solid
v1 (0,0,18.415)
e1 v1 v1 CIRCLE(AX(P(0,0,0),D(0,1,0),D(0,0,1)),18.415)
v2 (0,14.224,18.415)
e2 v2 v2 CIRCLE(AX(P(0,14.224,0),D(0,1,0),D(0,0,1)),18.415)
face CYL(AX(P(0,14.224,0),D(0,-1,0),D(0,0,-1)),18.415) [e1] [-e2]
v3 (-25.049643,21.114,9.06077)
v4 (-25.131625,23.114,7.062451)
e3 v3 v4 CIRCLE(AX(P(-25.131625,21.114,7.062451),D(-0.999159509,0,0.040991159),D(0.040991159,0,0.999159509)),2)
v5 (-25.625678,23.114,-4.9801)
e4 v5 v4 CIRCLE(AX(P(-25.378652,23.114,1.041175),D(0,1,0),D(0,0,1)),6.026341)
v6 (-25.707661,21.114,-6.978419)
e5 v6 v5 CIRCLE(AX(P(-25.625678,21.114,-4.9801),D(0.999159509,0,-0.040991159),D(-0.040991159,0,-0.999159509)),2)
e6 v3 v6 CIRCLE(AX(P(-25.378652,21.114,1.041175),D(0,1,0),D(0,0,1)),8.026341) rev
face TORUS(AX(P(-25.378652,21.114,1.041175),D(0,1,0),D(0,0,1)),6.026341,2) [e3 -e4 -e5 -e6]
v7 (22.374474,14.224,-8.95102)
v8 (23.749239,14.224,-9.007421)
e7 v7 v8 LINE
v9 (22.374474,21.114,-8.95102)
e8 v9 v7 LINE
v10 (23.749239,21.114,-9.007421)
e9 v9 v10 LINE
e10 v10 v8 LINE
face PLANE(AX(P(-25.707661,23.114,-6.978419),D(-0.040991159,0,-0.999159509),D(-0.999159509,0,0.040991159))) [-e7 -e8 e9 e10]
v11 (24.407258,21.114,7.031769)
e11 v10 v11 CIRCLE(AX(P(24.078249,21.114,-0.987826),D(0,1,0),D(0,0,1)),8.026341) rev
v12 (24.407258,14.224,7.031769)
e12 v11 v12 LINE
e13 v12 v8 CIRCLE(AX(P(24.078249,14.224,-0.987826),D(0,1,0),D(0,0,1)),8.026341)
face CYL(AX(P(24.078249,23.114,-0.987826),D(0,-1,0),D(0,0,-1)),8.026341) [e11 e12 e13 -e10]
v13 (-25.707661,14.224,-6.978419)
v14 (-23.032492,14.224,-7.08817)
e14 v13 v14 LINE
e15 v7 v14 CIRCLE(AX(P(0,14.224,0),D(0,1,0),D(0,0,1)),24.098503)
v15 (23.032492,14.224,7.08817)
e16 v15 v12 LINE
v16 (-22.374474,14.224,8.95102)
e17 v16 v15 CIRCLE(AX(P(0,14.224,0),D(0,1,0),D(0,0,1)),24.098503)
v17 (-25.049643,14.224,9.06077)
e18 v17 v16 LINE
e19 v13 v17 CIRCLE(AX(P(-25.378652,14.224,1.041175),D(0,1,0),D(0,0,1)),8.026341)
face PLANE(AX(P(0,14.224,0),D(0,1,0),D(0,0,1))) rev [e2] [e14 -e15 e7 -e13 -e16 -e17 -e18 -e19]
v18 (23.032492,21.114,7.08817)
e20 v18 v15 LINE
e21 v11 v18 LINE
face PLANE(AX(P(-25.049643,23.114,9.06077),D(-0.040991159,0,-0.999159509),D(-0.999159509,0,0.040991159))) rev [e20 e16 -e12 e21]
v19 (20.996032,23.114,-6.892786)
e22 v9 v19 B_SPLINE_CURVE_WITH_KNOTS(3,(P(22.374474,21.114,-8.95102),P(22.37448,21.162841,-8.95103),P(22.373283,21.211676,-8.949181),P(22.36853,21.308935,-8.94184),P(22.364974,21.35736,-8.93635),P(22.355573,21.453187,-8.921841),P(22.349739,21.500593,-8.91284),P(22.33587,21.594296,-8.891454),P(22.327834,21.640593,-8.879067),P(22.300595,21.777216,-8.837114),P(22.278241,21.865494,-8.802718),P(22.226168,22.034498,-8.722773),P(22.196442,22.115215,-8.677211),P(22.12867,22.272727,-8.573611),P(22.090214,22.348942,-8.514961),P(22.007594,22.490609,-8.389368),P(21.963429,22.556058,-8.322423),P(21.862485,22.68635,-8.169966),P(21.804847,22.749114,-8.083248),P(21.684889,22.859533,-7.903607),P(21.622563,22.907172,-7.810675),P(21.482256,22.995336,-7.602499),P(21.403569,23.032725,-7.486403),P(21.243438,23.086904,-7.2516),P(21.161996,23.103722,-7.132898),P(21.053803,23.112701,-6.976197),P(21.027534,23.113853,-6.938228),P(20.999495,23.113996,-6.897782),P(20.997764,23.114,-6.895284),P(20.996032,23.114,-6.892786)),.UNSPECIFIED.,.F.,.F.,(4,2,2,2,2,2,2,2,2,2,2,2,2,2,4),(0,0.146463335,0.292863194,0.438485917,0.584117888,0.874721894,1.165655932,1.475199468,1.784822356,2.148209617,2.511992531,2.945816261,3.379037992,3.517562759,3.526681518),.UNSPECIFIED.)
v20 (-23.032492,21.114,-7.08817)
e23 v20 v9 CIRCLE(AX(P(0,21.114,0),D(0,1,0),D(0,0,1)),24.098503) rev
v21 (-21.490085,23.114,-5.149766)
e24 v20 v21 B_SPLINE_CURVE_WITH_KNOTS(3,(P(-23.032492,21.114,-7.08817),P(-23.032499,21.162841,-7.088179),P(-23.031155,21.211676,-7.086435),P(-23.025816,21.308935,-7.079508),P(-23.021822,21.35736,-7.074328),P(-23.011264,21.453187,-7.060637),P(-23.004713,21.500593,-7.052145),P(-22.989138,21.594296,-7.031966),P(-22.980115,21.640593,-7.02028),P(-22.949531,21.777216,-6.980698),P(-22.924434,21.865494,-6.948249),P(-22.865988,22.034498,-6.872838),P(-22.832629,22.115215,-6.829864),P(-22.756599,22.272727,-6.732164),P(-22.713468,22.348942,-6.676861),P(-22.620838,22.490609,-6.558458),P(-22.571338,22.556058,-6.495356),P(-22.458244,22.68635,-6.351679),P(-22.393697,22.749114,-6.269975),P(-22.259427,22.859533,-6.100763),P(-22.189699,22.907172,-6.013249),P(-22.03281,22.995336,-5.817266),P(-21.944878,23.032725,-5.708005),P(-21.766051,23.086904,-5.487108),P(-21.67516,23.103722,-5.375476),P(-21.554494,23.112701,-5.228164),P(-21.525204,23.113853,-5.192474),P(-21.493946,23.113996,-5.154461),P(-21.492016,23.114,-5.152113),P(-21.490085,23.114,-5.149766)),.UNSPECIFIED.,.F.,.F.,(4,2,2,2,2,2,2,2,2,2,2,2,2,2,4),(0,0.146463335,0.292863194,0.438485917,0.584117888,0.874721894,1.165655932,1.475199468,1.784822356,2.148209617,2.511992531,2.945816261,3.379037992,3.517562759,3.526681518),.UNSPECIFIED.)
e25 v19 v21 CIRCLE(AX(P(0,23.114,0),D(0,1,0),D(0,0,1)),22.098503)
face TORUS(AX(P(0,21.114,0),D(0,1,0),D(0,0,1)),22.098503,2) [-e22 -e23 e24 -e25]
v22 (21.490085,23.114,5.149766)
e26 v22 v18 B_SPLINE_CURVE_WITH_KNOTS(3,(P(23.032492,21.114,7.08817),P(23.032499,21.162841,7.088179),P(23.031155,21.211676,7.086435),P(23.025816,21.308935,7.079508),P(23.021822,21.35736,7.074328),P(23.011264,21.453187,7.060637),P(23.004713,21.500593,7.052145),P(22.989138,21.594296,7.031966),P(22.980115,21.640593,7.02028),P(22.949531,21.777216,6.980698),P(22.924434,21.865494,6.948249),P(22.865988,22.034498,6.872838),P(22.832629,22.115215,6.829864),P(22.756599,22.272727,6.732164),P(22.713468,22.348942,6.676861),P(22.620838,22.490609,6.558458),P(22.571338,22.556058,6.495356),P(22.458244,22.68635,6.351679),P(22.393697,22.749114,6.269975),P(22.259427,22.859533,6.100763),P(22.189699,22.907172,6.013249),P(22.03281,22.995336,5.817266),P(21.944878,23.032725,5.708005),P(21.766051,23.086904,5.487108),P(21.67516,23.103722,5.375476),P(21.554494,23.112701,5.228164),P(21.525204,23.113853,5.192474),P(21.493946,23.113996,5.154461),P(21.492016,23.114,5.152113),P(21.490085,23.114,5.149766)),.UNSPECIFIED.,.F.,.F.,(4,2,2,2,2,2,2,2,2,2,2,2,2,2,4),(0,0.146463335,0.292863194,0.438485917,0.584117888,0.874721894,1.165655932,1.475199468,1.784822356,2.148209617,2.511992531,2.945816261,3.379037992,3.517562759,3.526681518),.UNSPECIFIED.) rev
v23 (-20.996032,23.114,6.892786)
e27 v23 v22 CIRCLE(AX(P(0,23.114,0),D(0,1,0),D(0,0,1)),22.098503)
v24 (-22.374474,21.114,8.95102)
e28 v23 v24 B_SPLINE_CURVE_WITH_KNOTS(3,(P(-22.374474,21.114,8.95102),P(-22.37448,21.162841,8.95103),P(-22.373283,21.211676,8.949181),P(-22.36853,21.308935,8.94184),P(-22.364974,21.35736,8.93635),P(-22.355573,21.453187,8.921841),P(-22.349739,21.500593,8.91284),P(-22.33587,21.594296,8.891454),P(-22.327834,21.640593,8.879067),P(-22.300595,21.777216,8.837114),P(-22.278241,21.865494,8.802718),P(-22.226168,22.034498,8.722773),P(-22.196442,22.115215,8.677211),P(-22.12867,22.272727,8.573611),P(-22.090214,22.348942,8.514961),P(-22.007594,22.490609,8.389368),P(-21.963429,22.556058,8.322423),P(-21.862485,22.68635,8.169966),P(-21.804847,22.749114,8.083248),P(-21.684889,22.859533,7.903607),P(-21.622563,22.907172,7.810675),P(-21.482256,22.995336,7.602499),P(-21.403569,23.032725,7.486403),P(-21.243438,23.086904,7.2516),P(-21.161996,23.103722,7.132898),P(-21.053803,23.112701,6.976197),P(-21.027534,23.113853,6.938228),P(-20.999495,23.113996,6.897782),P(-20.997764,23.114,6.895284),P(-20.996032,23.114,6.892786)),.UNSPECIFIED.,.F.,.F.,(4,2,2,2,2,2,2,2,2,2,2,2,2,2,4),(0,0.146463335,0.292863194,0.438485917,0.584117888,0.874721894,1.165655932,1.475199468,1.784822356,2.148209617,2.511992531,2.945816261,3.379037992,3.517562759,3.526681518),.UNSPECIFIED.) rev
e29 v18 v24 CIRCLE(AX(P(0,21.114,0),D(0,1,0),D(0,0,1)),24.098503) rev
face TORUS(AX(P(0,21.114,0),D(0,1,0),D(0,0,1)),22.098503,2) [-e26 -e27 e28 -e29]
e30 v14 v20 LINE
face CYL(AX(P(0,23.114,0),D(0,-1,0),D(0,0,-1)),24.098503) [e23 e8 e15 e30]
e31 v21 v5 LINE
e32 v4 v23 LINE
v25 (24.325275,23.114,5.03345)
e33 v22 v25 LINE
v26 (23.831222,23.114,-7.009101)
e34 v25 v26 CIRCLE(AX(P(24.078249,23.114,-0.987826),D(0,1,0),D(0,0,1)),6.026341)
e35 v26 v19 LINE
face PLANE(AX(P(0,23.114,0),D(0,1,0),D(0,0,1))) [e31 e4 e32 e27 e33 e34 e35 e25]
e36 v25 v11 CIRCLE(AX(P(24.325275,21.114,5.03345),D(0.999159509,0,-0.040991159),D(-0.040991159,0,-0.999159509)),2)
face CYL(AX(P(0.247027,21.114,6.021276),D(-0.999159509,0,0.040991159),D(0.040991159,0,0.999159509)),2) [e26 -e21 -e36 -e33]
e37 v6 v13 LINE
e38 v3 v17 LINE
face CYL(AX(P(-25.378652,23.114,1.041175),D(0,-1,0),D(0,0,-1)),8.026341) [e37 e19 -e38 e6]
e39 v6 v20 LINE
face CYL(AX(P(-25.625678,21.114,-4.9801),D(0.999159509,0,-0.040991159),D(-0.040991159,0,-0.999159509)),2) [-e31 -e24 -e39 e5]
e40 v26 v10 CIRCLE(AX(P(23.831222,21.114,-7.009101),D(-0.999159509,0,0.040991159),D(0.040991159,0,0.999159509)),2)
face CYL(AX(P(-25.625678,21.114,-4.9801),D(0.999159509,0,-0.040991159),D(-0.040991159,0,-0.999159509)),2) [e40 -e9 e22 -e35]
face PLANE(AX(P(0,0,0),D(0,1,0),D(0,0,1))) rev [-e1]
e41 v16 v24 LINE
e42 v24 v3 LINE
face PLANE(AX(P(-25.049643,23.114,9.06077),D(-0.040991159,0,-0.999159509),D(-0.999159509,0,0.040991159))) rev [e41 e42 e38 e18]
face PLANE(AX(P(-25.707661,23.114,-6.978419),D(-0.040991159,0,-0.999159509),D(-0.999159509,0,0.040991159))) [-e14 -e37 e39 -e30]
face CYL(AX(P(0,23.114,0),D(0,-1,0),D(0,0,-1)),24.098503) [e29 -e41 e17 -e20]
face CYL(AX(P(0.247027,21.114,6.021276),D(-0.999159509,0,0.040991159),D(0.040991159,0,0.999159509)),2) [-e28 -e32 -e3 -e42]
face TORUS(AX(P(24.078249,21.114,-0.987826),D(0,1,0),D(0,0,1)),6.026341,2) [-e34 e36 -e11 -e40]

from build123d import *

# Parameters (mm, degrees)
SKETCH11_R = 18.415
NECK_DEPTH = 14.224
SKETCH12_R = 24.098503073
LID_DEPTH  = 8.89
FILLET3_R  = 2


with BuildPart() as part:
    # Sketch11 → neck (new body)
    with BuildSketch(Plane(origin=(0, 0, 0), x_dir=(1, 0, 0), z_dir=(0, 1, 0))):
        with Locations(Location((0, 0, 0), (0, 0, 270))):
            Circle(SKETCH11_R)
    extrude(amount=NECK_DEPTH)

    # Sketch12 → lid (add)
    with BuildSketch(Plane(origin=(0, 14.224, 0), x_dir=(1, 0, 0), z_dir=(0, 1, 0))):
        Circle(SKETCH12_R)
        with BuildLine():
            Line((-25.707660556, 6.978419473), (23.749239481, 9.0074205))
            ThreePointArc((23.749239481, 9.0074205), (32.097843424, 1.316834602), (24.407257526, -7.031769341))
            Line((24.407257526, -7.031769341), (-25.049642512, -9.060770368))
            ThreePointArc((-25.049642512, -9.060770368), (-33.398246454, -1.37018447), (-25.707660556, 6.978419473))
        make_face()
    extrude(amount=LID_DEPTH)

    # Fillet3
    fillet3_edges = [part.edges().sort_by_distance(p)[0] for p in [
        (-24.370076377, 23.114, -7.033294721),
        (23.061856817, 23.114, -8.979220186),
        (-0.98782558, 23.114, -24.078248504),
        (-33.398246454, 23.114, 1.37018447),
        (-23.712058333, 23.114, 9.00589512),
        (0.98782558, 23.114, 24.078248504),
        (23.719874862, 23.114, 7.059969655),
        (32.097843424, 23.114, -1.316834602),
    ]]
    fillet(fillet3_edges, radius=FILLET3_R)


solid = part.part
